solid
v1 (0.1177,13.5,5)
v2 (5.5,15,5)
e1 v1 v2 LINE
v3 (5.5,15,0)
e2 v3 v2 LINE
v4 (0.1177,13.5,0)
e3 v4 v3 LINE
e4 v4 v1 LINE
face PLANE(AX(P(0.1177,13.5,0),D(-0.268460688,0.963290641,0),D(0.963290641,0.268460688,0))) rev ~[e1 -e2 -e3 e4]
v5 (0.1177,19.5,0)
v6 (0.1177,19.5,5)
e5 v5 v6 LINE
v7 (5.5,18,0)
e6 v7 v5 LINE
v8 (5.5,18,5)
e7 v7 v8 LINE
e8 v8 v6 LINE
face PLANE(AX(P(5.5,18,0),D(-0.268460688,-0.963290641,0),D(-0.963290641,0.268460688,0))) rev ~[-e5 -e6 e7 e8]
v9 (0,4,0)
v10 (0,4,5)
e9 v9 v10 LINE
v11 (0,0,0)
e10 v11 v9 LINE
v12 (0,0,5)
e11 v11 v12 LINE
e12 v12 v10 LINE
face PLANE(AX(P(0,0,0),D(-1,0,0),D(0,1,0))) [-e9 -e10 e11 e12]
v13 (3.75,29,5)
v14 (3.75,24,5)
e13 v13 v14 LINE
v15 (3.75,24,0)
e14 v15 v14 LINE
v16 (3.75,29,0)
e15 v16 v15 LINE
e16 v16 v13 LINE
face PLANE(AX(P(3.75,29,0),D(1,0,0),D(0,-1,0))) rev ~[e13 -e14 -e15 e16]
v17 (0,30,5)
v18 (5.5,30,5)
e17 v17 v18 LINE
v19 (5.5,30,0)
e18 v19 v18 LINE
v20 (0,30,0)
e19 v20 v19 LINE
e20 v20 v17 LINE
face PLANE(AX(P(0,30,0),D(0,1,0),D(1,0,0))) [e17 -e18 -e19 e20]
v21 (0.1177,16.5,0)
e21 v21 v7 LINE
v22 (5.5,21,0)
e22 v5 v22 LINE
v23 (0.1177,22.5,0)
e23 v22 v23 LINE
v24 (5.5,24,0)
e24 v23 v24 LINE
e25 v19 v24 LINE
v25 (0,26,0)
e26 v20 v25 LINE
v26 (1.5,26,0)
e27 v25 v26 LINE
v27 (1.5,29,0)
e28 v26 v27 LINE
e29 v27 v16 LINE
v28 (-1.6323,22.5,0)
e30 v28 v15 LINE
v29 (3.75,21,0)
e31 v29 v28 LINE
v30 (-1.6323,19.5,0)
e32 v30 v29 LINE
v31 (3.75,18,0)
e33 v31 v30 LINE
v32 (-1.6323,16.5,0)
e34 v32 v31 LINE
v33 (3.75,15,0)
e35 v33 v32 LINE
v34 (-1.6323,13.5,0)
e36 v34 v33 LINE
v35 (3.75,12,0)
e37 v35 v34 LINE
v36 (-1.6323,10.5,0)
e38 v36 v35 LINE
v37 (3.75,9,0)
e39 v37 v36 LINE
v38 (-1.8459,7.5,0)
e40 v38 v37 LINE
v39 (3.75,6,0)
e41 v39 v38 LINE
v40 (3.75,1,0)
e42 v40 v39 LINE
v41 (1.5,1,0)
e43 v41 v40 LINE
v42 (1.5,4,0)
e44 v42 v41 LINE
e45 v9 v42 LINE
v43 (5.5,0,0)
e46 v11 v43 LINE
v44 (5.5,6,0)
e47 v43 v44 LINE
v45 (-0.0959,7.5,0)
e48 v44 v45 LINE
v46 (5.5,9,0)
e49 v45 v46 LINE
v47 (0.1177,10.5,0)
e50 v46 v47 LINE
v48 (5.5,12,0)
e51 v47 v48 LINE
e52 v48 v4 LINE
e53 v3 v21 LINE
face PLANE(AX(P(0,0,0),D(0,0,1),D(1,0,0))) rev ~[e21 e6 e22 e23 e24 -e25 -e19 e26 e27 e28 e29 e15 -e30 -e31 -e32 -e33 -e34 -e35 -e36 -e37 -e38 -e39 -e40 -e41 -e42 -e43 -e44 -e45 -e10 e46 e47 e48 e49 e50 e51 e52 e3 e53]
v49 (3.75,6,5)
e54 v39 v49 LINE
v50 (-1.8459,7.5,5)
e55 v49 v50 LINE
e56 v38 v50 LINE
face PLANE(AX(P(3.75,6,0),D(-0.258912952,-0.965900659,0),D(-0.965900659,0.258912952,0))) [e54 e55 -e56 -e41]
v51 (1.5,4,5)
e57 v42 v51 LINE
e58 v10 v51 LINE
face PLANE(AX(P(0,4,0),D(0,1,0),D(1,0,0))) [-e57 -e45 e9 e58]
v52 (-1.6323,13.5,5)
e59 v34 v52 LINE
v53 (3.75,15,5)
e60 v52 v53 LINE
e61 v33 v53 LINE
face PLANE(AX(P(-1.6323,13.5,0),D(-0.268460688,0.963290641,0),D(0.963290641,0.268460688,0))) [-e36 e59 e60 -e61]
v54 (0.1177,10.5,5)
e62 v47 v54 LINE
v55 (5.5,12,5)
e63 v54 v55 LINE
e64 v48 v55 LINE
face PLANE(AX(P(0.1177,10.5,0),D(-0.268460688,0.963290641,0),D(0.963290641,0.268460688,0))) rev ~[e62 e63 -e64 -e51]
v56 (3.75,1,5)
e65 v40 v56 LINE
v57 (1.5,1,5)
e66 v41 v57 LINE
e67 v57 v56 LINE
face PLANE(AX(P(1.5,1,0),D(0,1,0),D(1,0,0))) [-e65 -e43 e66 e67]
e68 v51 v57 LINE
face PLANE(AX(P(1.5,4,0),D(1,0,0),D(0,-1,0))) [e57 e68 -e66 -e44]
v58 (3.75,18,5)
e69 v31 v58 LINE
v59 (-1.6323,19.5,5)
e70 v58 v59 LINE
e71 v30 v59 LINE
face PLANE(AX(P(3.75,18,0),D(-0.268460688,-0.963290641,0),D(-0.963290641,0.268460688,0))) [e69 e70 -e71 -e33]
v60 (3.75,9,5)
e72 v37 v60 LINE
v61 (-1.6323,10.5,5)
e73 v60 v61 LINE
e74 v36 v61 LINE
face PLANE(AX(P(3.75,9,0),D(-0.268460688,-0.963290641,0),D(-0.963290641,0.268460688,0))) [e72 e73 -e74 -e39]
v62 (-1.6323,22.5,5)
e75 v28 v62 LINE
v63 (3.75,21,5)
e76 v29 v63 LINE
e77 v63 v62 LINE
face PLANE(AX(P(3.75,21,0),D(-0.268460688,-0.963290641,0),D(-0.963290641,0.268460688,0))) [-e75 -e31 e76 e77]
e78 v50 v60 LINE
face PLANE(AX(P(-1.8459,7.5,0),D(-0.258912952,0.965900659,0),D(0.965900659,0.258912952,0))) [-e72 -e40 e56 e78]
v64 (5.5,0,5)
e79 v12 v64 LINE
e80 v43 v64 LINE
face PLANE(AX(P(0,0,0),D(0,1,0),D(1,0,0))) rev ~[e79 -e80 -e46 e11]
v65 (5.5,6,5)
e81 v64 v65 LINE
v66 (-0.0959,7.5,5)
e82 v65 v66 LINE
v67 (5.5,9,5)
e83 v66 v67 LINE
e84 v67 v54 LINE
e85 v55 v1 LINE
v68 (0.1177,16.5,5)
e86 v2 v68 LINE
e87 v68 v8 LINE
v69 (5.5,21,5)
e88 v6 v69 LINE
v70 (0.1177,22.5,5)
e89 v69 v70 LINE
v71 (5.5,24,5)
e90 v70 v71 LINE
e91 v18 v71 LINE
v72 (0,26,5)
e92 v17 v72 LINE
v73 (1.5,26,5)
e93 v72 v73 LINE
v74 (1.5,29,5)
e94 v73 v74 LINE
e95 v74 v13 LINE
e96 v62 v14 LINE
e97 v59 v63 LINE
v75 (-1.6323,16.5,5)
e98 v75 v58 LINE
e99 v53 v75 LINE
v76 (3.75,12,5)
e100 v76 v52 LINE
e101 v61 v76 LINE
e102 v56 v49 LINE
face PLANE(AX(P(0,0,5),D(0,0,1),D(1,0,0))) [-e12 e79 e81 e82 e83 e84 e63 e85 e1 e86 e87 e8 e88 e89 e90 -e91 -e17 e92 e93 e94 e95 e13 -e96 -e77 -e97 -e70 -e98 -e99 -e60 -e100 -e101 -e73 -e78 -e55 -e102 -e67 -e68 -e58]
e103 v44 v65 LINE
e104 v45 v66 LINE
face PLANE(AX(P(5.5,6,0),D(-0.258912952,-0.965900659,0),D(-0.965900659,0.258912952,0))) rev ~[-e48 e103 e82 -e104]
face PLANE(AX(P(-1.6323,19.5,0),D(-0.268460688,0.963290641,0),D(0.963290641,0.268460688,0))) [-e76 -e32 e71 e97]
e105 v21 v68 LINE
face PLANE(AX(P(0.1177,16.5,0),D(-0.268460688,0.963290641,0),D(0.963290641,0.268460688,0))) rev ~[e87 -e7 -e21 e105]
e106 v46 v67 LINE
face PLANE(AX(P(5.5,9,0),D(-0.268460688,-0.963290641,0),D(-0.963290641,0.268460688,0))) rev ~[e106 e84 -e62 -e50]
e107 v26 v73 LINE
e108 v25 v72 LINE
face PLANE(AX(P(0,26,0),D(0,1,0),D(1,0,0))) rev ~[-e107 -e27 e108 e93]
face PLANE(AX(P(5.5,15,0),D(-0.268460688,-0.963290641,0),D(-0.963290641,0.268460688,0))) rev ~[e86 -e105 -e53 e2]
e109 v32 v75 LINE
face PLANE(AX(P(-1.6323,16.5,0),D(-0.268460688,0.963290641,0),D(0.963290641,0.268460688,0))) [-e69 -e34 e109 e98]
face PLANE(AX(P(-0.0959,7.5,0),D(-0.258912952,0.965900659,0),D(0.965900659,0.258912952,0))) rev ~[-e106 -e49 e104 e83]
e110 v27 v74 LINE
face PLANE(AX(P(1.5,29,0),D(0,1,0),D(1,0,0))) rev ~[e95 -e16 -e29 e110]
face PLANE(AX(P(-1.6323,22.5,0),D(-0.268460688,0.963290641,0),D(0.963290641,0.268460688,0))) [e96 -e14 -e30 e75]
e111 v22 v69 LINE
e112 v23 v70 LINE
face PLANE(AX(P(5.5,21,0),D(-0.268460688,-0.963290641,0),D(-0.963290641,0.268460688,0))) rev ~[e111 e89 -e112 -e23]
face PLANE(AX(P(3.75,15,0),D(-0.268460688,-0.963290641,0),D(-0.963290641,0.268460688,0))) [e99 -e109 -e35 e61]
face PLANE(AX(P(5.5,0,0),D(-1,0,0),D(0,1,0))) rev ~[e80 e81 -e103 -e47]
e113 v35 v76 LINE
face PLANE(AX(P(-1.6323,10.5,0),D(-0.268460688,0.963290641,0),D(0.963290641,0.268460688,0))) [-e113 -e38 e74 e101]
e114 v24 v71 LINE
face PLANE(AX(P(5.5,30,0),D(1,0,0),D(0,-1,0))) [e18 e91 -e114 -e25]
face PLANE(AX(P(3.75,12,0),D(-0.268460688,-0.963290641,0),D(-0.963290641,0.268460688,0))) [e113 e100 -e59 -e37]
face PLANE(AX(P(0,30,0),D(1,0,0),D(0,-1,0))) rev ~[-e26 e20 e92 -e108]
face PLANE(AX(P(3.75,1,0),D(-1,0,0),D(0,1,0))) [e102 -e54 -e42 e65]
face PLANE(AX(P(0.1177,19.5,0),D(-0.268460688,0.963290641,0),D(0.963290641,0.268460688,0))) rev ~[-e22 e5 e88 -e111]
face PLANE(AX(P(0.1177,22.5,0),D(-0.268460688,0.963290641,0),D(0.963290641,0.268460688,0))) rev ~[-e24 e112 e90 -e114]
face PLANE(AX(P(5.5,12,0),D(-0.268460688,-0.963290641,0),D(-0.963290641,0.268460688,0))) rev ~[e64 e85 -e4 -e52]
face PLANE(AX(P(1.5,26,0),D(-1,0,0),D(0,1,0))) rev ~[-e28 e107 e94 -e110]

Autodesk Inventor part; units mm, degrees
ref_plane "YZ Plane" through (0, 0, 0) normal (1, 0, 0) x (0, 1, 0)
ref_plane "XZ Plane" through (0, 0, 0) normal (0, 1, 0) x (-1, 0, 0)
ref_plane "XY Plane" through (0, 0, 0) normal (0, 0, 1) x (1, 0, 0)
sketch "Sketch2" plane through (0, 0, 0) normal (0, 0, 1) x (1, 0, 0)
  line L0 (0, 0) -> (0, 4)
  line L1 (0, 4) -> (1.5, 4)
  line L2 (0, 0) -> (5.5, 0)
  line L3 (5.5, 0) -> (5.5, 6)
  line L4 (1.5, 4) -> (1.5, 1)
  line L5 (1.5, 1) -> (3.75, 1)
  line L6 (3.75, 1) -> (3.75, 6)
  line L7 (3.75, 6) -> (-1.8459, 7.5)
  line L8 (-1.8459, 7.5) -> (3.75, 9)
  line L9 (5.5, 6) -> (-0.0959, 7.5)
  line L10 (-0.0959, 7.5) -> (5.5, 9)
  line L11 (5.5, 9) -> (0.1177, 10.5)
  line L12 (3.75, 9) -> (-1.6323, 10.5)
  line L13 (-1.6323, 10.5) -> (3.75, 12)
  line L14 (0.1177, 10.5) -> (5.5, 12)
  line L15 (5.5, 12) -> (0.1177, 13.5)
  line L16 (3.75, 12) -> (-1.6323, 13.5)
  line L17 (-1.6323, 13.5) -> (3.75, 15)
  line L18 (0.1177, 13.5) -> (5.5, 15)
  line L19 (5.5, 15) -> (0.1177, 16.5)
  line L20 (3.75, 15) -> (-1.6323, 16.5)
  line L21 (-1.6323, 16.5) -> (3.75, 18)
  line L22 (0.1177, 16.5) -> (5.5, 18)
  line L23 (5.5, 18) -> (0.1177, 19.5)
  line L24 (3.75, 18) -> (-1.6323, 19.5)
  line L25 (-1.6323, 19.5) -> (3.75, 21)
  line L26 (0.1177, 19.5) -> (5.5, 21)
  line L27 (5.5, 21) -> (0.1177, 22.5)
  line L28 (3.75, 21) -> (-1.6323, 22.5)
  line L29 (-1.6323, 22.5) -> (3.75, 24)
  line L30 (0.1177, 22.5) -> (5.5, 24)
  line L31 (6.6857, 15) -> (8.563, 15) construction
  line L32 (0, 30) -> (0, 26)
  line L33 (0, 26) -> (1.5, 26)
  line L34 (0, 30) -> (5.5, 30)
  line L35 (5.5, 30) -> (5.5, 24)
  line L36 (1.5, 26) -> (1.5, 29)
  line L37 (1.5, 29) -> (3.75, 29)
  line L38 (3.75, 29) -> (3.75, 24)
  dimension "d14" = 4
  dimension "d15" = 1.5
  dimension "d16" = 5.5
  dimension "d17" = 6
  dimension "d18" = 3
  dimension "d19" = 2.25
  dimension "d24" = 5
  dimension "d25" = 3
  dimension "d28" = 1.5
  dimension "d29" = 0
  dimension "d37" = 15.573
  dimension "d38" = 15
  dimension "d39" = 3.063
  dimension "d40" = 1.1857
extrude "Extrusion2" add sketch "Sketch2" along normal blind 5
equation "\"d28\" = 0.5 * d25"
properties part number "Spring Mk 1.1"
